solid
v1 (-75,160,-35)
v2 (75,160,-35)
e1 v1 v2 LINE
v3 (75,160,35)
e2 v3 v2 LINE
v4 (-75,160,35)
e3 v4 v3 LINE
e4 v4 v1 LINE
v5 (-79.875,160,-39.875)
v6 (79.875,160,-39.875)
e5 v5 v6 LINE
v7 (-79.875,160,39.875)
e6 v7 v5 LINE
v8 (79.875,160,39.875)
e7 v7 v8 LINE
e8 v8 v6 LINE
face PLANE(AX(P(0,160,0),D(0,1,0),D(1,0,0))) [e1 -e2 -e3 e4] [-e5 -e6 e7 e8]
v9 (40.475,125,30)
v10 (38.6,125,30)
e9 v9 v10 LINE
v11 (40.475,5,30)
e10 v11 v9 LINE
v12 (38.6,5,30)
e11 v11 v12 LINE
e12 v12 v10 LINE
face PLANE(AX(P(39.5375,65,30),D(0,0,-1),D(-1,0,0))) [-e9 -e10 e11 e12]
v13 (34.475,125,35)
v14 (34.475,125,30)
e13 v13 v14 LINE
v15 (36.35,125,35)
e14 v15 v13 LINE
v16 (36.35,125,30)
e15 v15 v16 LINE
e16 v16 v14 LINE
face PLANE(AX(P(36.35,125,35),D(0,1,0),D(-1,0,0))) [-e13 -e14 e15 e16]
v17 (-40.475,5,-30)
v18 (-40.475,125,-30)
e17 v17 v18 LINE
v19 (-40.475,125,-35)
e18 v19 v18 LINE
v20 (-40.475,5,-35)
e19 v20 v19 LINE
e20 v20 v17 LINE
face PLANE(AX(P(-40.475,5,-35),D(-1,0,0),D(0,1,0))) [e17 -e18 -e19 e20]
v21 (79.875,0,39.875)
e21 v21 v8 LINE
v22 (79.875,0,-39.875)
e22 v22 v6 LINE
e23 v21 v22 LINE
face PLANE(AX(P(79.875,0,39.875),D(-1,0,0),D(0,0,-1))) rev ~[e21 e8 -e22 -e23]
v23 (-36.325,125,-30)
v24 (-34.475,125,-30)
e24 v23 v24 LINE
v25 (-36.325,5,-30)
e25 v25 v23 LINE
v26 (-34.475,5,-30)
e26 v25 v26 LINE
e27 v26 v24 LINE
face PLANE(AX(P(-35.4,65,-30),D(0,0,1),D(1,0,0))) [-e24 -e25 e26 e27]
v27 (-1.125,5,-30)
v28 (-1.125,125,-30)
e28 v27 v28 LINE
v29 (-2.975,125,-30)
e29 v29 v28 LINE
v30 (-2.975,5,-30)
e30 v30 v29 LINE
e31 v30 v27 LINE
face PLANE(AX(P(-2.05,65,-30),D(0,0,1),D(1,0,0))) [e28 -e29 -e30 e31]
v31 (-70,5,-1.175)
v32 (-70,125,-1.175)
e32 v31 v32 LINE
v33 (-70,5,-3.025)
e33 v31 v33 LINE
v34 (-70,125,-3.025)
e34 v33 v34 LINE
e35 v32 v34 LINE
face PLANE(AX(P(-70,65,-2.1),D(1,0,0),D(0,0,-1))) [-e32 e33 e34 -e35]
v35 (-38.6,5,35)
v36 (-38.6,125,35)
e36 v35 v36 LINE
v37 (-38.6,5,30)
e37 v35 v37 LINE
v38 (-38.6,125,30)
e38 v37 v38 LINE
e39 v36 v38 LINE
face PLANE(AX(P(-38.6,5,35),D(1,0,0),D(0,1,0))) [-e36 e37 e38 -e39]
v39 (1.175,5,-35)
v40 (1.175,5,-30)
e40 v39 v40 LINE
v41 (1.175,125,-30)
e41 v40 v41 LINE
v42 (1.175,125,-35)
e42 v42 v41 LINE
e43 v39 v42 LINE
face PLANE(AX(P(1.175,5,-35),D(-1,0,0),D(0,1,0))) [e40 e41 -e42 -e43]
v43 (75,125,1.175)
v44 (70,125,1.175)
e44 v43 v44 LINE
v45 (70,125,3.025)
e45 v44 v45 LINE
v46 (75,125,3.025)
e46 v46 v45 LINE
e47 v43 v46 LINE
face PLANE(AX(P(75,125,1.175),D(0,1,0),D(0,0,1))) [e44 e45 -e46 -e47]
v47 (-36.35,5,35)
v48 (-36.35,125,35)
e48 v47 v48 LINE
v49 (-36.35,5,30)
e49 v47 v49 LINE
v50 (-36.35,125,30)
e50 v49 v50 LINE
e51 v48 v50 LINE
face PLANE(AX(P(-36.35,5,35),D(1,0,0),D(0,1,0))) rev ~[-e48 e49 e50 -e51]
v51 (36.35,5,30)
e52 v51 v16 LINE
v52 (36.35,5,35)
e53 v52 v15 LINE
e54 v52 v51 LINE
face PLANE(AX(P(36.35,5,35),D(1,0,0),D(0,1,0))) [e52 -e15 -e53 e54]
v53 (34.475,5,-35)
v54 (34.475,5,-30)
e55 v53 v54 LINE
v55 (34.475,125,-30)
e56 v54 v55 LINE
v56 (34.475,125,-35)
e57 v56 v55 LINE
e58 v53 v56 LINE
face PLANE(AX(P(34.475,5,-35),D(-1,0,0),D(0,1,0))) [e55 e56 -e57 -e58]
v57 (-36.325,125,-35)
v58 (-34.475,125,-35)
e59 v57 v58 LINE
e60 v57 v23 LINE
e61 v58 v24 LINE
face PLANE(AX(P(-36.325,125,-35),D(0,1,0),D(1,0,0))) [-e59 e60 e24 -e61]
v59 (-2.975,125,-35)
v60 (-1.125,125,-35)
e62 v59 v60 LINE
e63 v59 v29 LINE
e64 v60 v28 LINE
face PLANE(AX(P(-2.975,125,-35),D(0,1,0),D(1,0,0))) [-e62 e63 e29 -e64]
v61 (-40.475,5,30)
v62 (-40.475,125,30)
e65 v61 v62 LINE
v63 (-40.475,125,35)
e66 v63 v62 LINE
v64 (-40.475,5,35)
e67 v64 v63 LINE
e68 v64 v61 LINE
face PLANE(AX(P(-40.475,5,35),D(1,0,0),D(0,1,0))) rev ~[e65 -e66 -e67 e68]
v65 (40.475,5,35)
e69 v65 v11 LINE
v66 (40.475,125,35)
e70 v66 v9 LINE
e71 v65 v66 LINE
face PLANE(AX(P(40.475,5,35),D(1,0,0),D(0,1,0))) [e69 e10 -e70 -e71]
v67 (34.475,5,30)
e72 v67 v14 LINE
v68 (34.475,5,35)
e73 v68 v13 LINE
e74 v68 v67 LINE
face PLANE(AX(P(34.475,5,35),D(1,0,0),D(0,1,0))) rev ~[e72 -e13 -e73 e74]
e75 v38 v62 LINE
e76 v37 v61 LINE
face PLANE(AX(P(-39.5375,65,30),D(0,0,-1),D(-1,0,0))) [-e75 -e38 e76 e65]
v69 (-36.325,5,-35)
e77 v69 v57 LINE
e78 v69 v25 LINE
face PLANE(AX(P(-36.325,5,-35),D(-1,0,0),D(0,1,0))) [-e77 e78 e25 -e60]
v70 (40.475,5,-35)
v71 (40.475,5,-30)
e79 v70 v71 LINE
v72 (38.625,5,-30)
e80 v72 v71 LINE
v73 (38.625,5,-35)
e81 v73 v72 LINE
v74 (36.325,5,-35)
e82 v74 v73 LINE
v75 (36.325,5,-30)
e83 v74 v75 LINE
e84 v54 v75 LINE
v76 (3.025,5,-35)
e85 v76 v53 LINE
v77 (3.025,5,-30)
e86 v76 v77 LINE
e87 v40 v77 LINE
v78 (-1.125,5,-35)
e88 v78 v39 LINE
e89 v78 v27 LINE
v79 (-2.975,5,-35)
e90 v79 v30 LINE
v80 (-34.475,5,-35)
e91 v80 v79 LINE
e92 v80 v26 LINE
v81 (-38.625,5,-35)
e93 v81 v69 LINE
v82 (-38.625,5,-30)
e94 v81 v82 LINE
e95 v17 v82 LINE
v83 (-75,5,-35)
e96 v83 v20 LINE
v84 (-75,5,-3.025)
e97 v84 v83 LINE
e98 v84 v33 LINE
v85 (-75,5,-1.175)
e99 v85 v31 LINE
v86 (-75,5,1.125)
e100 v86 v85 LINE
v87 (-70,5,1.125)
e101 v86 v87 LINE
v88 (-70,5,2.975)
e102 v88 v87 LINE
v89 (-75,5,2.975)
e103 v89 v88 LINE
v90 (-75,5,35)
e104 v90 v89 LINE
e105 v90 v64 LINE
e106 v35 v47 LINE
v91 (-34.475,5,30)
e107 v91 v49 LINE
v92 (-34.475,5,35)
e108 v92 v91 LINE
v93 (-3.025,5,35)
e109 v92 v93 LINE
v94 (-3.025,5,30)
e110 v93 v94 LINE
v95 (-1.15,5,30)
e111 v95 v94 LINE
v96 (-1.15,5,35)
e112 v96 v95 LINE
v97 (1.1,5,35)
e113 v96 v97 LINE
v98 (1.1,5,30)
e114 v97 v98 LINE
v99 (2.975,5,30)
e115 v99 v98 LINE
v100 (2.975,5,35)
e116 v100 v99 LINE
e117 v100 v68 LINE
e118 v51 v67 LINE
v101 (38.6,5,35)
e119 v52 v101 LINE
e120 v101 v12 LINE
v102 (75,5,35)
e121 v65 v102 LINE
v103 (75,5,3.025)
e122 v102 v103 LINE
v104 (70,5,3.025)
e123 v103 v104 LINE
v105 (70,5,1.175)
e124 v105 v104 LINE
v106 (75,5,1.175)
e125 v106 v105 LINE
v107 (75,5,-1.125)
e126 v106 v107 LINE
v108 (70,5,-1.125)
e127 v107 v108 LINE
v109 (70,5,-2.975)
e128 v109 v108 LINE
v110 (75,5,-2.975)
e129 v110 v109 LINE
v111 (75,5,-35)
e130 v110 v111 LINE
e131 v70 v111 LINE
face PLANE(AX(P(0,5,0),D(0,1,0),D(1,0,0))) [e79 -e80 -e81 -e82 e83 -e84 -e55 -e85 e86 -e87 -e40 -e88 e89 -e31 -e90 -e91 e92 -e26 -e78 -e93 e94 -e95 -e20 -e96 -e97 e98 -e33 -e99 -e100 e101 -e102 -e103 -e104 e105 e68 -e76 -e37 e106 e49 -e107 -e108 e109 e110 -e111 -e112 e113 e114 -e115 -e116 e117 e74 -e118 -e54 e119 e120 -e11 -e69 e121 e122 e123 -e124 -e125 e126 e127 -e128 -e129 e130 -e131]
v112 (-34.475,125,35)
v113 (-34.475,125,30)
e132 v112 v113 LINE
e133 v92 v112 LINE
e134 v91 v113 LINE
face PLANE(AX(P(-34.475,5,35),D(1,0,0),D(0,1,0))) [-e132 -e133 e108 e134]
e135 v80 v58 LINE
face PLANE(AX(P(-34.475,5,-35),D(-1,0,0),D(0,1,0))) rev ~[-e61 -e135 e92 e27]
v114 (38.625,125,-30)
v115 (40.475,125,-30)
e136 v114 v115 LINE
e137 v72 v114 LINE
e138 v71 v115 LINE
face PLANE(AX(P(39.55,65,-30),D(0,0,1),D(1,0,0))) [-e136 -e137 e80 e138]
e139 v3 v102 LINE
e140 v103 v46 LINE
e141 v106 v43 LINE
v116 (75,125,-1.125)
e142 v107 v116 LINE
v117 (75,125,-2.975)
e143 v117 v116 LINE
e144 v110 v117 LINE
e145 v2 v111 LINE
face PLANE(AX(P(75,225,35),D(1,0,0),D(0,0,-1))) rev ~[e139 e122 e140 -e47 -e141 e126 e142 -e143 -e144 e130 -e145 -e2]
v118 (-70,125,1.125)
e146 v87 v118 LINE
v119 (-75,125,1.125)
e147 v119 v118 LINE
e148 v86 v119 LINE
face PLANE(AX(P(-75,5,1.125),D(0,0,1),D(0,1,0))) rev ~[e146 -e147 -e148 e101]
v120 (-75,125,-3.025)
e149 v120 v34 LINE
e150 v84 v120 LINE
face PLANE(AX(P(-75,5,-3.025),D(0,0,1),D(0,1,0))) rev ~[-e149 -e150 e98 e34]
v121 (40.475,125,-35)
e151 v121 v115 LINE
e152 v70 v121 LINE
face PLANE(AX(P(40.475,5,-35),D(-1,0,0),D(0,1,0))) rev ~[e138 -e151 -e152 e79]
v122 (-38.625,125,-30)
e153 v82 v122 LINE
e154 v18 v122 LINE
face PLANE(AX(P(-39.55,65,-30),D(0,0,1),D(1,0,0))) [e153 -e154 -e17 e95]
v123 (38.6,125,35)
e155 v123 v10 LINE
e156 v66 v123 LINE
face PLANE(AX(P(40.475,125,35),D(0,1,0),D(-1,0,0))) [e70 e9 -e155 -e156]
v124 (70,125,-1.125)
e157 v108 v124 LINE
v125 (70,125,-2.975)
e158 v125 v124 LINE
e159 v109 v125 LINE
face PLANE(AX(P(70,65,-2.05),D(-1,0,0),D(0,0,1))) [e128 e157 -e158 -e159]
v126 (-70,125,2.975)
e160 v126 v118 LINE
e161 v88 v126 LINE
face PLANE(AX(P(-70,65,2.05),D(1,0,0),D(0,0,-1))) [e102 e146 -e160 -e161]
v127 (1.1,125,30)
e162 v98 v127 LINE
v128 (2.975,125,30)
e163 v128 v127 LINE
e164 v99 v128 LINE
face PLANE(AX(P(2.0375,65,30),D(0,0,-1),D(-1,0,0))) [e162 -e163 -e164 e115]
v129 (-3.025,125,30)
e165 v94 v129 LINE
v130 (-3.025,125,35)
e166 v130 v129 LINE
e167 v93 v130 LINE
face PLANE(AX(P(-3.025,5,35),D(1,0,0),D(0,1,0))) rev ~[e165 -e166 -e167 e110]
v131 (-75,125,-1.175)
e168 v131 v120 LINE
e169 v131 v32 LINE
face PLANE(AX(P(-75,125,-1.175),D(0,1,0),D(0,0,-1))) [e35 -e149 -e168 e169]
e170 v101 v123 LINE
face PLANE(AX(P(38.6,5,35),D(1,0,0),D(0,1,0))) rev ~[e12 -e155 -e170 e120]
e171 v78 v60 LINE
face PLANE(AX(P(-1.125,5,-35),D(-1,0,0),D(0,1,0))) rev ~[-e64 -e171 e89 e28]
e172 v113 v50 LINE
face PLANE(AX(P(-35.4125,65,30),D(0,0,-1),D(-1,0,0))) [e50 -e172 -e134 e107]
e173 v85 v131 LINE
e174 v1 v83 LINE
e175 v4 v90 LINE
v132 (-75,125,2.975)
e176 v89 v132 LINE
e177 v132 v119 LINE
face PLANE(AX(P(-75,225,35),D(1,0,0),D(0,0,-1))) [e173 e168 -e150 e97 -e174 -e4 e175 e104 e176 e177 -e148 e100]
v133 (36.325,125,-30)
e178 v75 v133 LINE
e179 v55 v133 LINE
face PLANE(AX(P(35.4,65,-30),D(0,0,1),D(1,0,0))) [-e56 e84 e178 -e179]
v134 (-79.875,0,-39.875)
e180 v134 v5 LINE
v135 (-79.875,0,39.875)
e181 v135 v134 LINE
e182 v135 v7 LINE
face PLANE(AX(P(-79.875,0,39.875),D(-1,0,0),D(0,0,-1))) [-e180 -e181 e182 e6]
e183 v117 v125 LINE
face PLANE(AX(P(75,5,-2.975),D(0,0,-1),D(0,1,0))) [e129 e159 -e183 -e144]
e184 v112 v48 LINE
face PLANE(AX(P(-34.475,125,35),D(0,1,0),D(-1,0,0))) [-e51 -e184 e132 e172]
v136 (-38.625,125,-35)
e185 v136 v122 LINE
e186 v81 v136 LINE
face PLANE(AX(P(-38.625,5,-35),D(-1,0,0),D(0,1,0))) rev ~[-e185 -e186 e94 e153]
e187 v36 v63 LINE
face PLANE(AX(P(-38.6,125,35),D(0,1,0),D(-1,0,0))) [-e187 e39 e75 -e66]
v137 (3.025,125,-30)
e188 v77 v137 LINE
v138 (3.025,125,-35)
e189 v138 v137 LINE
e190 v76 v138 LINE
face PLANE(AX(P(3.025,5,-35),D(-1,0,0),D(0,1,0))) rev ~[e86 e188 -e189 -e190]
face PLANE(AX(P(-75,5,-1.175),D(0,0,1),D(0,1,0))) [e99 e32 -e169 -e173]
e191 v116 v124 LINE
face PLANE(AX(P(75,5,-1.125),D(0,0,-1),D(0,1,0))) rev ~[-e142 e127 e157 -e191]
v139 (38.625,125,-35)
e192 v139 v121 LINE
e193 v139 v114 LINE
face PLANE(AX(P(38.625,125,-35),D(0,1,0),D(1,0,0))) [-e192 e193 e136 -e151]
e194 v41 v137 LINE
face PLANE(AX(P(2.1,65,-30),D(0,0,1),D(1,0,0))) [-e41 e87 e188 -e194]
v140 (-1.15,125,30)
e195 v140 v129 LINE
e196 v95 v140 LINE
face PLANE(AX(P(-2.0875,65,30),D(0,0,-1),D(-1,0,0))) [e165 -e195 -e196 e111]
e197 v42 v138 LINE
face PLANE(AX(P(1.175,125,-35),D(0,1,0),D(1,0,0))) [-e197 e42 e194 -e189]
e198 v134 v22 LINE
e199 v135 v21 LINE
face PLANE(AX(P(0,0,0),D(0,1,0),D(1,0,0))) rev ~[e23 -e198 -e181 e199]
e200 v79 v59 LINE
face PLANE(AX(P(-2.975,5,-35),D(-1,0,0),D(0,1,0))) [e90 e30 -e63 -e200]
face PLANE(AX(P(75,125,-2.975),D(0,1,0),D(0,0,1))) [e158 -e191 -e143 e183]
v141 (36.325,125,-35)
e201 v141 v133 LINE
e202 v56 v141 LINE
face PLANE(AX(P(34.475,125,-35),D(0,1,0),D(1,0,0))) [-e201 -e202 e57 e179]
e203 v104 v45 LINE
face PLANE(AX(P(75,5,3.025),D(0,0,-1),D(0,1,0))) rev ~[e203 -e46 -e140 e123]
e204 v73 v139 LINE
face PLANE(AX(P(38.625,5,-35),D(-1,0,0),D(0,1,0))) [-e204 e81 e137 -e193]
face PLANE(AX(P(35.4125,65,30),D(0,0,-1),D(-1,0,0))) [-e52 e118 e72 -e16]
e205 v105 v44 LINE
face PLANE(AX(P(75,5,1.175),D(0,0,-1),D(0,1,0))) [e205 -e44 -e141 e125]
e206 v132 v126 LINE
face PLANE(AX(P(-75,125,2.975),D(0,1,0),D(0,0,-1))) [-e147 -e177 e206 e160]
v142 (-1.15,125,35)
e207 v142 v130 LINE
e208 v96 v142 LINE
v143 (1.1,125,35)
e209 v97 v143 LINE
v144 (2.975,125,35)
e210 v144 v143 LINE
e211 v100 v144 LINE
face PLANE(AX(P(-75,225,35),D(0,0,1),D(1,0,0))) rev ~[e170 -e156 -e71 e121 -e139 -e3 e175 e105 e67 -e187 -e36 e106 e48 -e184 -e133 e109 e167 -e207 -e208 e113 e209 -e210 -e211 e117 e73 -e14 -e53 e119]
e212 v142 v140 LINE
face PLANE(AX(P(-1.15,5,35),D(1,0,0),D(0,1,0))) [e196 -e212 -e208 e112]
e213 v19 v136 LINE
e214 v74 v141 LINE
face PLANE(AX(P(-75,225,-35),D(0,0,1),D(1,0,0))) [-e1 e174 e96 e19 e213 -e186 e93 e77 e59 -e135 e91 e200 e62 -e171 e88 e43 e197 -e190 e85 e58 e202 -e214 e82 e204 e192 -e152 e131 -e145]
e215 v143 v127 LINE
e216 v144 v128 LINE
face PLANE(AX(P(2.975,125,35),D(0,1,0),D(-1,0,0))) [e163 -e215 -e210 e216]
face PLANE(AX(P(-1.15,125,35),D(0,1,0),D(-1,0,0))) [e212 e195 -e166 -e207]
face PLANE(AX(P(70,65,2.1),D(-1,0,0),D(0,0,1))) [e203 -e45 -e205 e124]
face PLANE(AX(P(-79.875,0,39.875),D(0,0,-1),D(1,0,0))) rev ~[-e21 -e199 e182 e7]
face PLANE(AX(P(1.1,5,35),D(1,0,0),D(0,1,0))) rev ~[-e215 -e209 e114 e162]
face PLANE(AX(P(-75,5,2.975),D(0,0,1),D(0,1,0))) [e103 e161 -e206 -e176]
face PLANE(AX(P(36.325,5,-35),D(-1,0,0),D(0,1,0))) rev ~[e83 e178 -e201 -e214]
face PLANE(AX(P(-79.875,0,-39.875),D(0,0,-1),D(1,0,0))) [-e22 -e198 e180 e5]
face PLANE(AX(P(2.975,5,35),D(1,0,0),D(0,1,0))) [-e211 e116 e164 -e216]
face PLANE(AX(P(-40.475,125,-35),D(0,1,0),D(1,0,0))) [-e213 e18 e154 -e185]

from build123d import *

# Parameters (mm, degrees)
SKETCH1_W           = 159.75
SKETCH1_H           = 79.75
BOSS_EXTRUDE1_DEPTH = 225
SKETCH2_W           = 150
SKETCH2_H           = 70
CUT_EXTRUDE1_DEPTH  = 220
SKETCH7_W           = 1.875
SKETCH7_H           = 120
BOSS_EXTRUDE2_DEPTH = 5
SKETCH8_W           = 1.85
SKETCH8_H           = 120
BOSS_EXTRUDE3_DEPTH = 5
SKETCH9_W           = 1.85
SKETCH9_H           = 120
BOSS_EXTRUDE4_DEPTH = 5
SKETCH10_W          = 1.85
SKETCH10_H          = 120
BOSS_EXTRUDE5_DEPTH = 5
SKETCH11_W          = 159.75
SKETCH11_H          = 79.75
SKETCH11_W_2        = 150
SKETCH11_H_2        = 70
CUT_EXTRUDE2_DEPTH  = 65


with BuildPart() as part:
    # Sketch1 → Boss-Extrude1 (new body)
    with BuildSketch(Plane(origin=(0, 0, 0), x_dir=(1, 0, 0), z_dir=(0, 1, 0))):
        Rectangle(SKETCH1_W, SKETCH1_H)
    extrude(amount=BOSS_EXTRUDE1_DEPTH)

    # Sketch2 → Cut-Extrude1 (cut)
    with BuildSketch(Plane(origin=(0, 225, 0), x_dir=(1, 0, 0), z_dir=(0, 1, 0))):
        Rectangle(SKETCH2_W, SKETCH2_H)
    extrude(amount=-CUT_EXTRUDE1_DEPTH, mode=Mode.SUBTRACT)

    # Sketch7 → Boss-Extrude2 (add)
    with BuildSketch(Plane(origin=(0, 0, 35), x_dir=(-1, 0, 0), z_dir=(0, 0, -1))):
        with Locations((-39.5375, 65)):
            Rectangle(SKETCH7_W, SKETCH7_H)
        with Locations((-35.4125, 65)):
            Rectangle(SKETCH7_W, SKETCH7_H)
        with Locations((-2.0375, 65)):
            Rectangle(SKETCH7_W, SKETCH7_H)
        with Locations((2.0875, 65)):
            Rectangle(SKETCH7_W, SKETCH7_H)
        with Locations((35.4125, 65)):
            Rectangle(SKETCH7_W, SKETCH7_H)
        with Locations((39.5375, 65)):
            Rectangle(SKETCH7_W, SKETCH7_H)
    extrude(amount=BOSS_EXTRUDE2_DEPTH)

    # Sketch8 → Boss-Extrude3 (add)
    with BuildSketch(Plane.XY.offset(-35)):
        with Locations((-39.55, 65)):
            Rectangle(SKETCH8_W, SKETCH8_H)
        with Locations((-35.4, 65)):
            Rectangle(SKETCH8_W, SKETCH8_H)
        with Locations((-2.05, 65)):
            Rectangle(SKETCH8_W, SKETCH8_H)
        with Locations((2.1, 65)):
            Rectangle(SKETCH8_W, SKETCH8_H)
        with Locations((35.4, 65)):
            Rectangle(SKETCH8_W, SKETCH8_H)
        with Locations((39.55, 65)):
            Rectangle(SKETCH8_W, SKETCH8_H)
    extrude(amount=BOSS_EXTRUDE3_DEPTH)

    # Sketch9 → Boss-Extrude4 (add)
    with BuildSketch(Plane(origin=(-75, 0, 0), x_dir=(0, 0, -1), z_dir=(1, 0, 0))):
        with Locations((-2.05, 65)):
            Rectangle(SKETCH9_W, SKETCH9_H)
        with Locations((2.1, 65)):
            Rectangle(SKETCH9_W, SKETCH9_H)
    extrude(amount=BOSS_EXTRUDE4_DEPTH)

    # Sketch10 → Boss-Extrude5 (add)
    with BuildSketch(Plane.ZY.offset(-75)):
        with Locations((-2.05, 65)):
            Rectangle(SKETCH10_W, SKETCH10_H)
        with Locations((2.1, 65)):
            Rectangle(SKETCH10_W, SKETCH10_H)
    extrude(amount=BOSS_EXTRUDE5_DEPTH)

    # Sketch11 → Cut-Extrude2 (cut)
    with BuildSketch(Plane(origin=(0, 225, 0), x_dir=(1, 0, 0), z_dir=(0, 1, 0))):
        Rectangle(SKETCH11_W, SKETCH11_H)
        Rectangle(SKETCH11_W_2, SKETCH11_H_2, mode=Mode.SUBTRACT)
    extrude(amount=-CUT_EXTRUDE2_DEPTH, mode=Mode.SUBTRACT)


solid = part.part
